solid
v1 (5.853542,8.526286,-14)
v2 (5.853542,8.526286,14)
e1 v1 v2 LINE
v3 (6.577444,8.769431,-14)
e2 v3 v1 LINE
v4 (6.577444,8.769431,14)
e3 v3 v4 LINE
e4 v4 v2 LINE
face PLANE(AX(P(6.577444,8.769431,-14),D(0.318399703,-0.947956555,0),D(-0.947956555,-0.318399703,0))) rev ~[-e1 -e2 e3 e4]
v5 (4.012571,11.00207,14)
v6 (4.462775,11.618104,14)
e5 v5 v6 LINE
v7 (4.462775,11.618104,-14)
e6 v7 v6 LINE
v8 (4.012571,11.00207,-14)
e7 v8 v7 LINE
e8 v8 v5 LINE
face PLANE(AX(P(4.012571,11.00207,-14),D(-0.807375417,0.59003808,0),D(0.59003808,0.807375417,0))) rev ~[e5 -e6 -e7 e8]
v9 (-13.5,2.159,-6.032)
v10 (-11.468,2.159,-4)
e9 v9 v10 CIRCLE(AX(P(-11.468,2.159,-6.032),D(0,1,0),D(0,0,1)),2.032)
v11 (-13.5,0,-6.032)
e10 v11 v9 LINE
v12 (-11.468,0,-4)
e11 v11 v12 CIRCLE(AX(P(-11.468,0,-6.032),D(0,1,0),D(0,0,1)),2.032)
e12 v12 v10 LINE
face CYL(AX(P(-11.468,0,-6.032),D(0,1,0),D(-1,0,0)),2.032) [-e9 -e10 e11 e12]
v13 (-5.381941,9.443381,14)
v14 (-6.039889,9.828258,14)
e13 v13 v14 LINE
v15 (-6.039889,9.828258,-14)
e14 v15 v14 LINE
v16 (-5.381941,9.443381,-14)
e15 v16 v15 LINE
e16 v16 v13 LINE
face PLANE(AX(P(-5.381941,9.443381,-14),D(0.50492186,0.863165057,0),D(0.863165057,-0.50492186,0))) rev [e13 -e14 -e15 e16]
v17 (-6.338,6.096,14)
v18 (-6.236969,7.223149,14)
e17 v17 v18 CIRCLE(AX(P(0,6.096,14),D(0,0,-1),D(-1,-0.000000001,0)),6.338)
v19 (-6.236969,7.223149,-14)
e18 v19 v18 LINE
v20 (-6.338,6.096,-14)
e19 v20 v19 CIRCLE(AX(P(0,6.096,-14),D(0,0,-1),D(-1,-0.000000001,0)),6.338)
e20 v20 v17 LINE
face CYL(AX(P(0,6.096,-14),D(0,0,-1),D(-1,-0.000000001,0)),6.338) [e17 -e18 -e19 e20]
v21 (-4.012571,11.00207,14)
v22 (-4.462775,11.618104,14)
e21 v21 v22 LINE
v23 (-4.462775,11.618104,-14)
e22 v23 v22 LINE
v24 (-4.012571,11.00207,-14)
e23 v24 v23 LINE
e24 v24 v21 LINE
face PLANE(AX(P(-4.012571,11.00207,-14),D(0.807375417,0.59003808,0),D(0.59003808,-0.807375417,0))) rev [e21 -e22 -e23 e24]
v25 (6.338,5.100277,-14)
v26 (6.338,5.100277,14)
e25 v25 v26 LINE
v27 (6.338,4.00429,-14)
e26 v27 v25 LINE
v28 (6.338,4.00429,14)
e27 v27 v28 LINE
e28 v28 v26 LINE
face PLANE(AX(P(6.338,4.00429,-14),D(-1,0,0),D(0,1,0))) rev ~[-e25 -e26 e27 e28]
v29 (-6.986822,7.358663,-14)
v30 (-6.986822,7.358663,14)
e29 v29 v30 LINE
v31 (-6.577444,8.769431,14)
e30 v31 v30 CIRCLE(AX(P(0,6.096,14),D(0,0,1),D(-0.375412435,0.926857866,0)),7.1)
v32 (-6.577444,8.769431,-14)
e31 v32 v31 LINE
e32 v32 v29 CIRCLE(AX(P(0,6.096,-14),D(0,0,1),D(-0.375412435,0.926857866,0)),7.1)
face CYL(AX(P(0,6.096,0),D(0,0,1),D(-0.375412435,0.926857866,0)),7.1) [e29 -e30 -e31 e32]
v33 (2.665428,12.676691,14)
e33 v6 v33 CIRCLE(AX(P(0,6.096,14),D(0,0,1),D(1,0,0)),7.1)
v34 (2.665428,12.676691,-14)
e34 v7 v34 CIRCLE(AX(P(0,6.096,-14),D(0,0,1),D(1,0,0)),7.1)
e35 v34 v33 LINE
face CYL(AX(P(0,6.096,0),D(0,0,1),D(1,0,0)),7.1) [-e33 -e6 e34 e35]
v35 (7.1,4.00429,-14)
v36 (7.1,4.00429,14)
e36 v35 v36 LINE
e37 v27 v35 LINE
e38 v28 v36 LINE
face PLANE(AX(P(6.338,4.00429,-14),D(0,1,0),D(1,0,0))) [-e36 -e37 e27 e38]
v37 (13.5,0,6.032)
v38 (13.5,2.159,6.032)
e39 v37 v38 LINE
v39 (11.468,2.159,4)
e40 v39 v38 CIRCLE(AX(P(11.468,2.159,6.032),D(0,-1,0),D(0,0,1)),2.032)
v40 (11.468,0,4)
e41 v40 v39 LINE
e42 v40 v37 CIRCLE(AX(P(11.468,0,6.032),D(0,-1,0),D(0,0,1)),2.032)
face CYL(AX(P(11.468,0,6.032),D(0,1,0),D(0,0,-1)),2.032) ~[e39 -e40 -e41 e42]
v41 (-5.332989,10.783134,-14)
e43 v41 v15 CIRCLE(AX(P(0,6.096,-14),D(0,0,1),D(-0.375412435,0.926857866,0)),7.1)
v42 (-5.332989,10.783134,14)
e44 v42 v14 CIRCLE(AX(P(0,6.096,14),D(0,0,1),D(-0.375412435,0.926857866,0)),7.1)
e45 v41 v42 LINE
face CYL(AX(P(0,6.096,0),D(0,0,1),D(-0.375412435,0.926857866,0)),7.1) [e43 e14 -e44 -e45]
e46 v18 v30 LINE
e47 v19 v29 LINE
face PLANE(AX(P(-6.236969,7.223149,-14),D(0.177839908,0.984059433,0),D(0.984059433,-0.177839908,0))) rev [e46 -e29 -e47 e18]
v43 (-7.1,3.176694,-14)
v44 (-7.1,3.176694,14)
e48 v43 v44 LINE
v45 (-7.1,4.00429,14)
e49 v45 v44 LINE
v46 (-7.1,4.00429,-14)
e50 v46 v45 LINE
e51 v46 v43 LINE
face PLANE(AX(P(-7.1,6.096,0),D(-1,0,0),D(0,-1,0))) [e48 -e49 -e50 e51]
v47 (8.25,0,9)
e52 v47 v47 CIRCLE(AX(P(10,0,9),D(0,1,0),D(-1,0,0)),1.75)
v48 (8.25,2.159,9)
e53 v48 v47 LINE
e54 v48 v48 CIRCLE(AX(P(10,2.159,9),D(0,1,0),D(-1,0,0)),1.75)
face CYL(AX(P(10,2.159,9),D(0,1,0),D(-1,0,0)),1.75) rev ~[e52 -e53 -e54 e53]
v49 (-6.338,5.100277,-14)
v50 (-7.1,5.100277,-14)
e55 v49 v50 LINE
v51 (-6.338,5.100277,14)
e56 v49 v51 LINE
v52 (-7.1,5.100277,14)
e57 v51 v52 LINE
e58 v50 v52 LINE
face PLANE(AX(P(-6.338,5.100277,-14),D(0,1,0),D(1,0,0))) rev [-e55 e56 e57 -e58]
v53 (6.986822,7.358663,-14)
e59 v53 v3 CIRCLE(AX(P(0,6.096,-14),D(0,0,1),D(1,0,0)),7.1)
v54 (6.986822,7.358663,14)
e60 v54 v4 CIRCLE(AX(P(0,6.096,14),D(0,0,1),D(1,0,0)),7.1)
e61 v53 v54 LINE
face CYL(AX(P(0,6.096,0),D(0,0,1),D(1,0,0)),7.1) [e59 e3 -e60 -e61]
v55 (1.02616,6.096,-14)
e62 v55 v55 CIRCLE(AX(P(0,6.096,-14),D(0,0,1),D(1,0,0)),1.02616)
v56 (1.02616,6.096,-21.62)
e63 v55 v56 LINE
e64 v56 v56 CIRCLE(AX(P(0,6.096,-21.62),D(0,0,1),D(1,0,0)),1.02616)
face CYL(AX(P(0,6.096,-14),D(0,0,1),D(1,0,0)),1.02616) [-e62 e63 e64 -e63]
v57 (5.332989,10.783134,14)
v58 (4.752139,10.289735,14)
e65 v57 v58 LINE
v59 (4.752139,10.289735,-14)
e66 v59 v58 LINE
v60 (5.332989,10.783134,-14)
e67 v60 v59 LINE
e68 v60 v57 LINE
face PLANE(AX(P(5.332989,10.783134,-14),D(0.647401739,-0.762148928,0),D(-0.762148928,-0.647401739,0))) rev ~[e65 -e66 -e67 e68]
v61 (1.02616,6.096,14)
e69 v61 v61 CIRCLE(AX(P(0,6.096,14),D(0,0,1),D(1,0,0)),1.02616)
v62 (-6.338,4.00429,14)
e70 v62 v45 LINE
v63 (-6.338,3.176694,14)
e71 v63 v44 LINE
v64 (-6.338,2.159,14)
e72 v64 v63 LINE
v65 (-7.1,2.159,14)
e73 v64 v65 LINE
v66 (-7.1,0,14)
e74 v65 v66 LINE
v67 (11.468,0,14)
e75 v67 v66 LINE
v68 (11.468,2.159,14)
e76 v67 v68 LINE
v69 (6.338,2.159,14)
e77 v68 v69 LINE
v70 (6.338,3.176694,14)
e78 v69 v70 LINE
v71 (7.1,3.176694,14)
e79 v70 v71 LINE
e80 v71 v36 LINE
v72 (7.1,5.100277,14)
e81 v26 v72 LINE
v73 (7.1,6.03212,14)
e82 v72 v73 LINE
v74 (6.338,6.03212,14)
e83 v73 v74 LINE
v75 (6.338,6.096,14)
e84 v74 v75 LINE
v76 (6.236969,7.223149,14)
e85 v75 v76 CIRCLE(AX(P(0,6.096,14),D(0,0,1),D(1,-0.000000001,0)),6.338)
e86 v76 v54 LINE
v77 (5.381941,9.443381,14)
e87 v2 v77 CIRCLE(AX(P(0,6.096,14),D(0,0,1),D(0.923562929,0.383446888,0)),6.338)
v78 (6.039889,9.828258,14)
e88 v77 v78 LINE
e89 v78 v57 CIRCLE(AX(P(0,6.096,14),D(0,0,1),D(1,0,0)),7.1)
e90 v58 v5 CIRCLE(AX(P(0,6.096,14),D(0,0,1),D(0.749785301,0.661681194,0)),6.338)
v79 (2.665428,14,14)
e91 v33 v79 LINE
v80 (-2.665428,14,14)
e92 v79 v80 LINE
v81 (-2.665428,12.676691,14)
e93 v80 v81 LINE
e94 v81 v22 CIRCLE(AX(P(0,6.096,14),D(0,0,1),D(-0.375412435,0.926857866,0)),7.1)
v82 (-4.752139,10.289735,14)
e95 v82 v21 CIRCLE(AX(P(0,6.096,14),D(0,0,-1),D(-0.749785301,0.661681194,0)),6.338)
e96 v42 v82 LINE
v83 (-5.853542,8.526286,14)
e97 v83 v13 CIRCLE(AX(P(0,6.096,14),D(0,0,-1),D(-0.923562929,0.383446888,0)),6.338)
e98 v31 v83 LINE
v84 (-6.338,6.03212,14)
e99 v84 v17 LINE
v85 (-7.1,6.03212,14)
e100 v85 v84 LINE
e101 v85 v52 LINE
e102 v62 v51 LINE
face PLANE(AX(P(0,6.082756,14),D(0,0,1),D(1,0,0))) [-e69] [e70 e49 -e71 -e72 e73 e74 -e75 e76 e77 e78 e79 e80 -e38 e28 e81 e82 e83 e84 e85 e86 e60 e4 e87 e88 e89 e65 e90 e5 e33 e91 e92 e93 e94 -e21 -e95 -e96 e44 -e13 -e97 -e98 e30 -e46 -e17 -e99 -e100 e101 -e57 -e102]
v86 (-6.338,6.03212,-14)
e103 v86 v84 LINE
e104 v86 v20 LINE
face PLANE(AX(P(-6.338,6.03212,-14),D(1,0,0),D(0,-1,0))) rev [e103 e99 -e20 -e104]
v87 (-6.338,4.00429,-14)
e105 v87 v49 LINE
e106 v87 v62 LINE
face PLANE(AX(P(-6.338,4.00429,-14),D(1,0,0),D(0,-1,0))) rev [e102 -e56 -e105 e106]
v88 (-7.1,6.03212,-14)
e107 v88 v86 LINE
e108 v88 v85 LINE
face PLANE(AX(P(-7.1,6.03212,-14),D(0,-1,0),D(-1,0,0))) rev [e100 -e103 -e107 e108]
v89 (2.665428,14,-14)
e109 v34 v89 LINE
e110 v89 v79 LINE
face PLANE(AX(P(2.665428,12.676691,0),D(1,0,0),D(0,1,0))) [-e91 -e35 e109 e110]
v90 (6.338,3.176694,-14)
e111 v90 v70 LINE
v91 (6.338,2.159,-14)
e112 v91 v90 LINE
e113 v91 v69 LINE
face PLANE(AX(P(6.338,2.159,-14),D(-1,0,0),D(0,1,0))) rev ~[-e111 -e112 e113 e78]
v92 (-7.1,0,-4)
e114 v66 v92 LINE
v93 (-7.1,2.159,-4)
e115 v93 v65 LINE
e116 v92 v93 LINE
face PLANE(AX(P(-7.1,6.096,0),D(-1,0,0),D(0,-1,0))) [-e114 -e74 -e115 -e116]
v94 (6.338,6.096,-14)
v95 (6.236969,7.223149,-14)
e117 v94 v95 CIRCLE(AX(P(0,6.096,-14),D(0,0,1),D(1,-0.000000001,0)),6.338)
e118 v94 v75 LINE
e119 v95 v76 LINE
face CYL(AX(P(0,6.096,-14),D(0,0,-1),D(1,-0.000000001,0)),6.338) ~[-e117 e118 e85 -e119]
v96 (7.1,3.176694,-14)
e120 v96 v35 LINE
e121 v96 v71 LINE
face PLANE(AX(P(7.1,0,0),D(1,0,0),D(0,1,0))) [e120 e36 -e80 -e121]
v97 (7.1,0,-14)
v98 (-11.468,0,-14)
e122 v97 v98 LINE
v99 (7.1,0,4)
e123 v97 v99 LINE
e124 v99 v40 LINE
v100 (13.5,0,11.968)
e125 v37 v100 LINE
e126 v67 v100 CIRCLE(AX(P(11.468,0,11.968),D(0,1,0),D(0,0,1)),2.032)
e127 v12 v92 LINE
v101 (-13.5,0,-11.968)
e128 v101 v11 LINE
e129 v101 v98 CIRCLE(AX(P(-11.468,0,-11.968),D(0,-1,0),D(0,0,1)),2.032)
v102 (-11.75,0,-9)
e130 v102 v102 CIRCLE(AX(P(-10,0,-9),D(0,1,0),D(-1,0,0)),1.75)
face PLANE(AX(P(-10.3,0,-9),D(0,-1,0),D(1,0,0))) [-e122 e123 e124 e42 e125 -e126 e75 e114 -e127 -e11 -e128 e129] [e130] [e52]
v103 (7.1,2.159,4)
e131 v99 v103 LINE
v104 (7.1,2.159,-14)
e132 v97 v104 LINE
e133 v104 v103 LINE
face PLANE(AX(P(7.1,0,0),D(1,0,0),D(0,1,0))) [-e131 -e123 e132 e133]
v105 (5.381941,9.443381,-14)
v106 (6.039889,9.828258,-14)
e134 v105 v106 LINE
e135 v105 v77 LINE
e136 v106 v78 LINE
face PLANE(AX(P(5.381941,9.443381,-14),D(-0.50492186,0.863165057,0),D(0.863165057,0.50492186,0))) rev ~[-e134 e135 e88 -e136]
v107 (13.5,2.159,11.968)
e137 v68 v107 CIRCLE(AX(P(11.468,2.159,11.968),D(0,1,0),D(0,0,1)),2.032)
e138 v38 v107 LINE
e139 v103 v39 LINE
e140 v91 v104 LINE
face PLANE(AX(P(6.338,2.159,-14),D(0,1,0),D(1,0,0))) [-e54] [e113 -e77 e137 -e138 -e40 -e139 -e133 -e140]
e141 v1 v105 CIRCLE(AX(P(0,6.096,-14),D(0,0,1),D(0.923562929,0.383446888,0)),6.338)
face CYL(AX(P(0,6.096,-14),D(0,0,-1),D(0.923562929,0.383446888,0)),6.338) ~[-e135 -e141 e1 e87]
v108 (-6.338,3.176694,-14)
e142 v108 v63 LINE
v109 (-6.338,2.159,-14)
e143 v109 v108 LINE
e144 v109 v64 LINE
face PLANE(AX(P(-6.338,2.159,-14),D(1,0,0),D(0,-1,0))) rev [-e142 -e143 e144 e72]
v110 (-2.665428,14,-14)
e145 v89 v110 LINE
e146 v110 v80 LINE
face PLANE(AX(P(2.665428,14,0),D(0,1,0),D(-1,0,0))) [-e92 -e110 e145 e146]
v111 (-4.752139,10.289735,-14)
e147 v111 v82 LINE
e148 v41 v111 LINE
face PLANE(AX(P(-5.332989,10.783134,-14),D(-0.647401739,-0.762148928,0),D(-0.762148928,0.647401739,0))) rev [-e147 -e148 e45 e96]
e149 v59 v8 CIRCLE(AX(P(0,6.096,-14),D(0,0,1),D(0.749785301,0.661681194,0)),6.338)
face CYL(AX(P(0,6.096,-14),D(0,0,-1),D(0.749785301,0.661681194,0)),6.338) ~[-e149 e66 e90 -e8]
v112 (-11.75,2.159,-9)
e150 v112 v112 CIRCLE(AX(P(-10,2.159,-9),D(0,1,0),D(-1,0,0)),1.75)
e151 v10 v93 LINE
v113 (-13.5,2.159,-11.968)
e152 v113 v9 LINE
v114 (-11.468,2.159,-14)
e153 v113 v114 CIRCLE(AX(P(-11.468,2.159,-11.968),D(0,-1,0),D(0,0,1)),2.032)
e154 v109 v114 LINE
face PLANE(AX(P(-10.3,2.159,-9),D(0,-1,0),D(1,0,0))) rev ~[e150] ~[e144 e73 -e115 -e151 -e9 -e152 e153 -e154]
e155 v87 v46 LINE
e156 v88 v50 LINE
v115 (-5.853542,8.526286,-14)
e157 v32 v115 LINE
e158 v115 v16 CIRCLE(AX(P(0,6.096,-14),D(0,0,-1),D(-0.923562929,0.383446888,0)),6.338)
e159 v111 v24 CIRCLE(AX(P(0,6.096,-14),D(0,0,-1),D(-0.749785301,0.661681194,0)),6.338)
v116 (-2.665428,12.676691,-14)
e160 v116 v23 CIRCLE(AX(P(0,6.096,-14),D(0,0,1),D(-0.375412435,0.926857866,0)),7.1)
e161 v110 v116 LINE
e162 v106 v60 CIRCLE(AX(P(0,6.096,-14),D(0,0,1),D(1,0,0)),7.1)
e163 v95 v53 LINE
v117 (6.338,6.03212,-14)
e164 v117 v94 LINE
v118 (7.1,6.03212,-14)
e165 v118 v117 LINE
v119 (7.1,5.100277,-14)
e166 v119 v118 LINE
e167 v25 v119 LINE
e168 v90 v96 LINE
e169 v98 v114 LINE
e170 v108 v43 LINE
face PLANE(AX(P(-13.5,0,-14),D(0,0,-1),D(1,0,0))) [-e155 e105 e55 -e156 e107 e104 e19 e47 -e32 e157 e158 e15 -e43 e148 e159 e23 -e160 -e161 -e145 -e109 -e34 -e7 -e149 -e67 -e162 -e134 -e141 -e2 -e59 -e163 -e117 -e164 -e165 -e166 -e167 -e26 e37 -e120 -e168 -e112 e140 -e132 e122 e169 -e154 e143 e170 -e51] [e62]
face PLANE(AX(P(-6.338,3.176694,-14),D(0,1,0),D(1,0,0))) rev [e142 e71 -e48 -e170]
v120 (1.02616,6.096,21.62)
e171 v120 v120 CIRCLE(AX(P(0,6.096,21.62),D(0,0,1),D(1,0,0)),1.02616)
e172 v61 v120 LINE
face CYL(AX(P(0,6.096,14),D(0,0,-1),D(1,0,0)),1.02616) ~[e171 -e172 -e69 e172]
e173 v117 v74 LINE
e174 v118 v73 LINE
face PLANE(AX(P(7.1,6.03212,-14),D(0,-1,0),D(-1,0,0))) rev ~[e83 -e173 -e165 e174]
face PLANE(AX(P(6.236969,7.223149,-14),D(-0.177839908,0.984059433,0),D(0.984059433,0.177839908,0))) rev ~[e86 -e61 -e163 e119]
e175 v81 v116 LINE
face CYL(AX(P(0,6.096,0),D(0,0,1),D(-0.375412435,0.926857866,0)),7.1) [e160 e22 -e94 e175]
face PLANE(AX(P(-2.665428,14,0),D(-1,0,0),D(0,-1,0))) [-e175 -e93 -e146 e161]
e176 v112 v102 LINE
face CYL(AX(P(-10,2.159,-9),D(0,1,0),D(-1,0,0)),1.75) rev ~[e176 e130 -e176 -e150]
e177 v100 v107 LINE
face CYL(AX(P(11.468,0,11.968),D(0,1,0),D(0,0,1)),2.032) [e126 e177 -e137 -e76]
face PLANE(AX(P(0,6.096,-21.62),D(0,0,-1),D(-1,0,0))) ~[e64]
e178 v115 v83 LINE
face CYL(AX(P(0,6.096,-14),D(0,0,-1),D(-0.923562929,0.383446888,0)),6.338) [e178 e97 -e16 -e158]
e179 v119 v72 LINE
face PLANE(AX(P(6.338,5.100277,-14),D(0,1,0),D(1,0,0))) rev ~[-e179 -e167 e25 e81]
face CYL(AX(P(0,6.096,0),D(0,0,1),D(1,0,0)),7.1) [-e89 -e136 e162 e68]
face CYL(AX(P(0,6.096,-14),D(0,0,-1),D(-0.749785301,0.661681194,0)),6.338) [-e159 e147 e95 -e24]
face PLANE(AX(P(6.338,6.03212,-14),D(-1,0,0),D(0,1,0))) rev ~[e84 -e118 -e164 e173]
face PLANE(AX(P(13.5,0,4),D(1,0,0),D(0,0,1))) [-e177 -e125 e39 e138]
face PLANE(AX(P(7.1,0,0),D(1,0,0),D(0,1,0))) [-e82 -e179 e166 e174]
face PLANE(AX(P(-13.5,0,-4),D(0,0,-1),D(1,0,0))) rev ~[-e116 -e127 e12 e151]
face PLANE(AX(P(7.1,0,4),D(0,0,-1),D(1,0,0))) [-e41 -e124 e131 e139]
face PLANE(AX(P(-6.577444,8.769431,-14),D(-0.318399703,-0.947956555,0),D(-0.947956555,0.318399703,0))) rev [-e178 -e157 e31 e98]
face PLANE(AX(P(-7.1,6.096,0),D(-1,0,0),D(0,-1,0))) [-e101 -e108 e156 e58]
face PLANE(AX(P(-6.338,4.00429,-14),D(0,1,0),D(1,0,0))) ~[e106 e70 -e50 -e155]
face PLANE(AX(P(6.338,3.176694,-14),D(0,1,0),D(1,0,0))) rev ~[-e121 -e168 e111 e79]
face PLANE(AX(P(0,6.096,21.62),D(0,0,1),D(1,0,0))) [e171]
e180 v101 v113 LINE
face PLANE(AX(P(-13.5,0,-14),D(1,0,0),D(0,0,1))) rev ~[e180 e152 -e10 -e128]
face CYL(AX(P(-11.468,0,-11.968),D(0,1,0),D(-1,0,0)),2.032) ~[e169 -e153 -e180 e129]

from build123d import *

# Parameters (mm, degrees)
EXTRUDE1_DEPTH     = 14
SKETCH4_W          = 6.4
SKETCH4_H          = 10
EXTRUDE8_DEPTH     = 2.159
FILLET1_R          = 2.032
CUT_EXTRUDE1_START = -28
SKETCH3_W          = 0.762
SKETCH3_H          = 1.095986398
SKETCH3_H_2        = 1.017694432
CUT_EXTRUDE1_DEPTH = 28
SKETCH5_R          = 1.75
CUT_EXTRUDE2_DEPTH = 3.159
SKETCH6_R          = 1.02616
EXTRUDE9_DEPTH     = 7.62


with BuildPart() as part:
    # Sketch2 → Extrude1 (new body, symmetric)
    with BuildSketch(Plane.XY):
        with BuildLine():
            Line((-7.1, 0), (7.1, 0))
            Line((7.1, 0), (7.1, 6.096))
            ThreePointArc((7.1, 6.096), (5.887891848, 10.063710875), (2.665428286, 12.676690849))
            Line((2.665428286, 12.676690849), (2.665428286, 14))
            Line((2.665428286, 14), (-2.665428286, 14))
            Line((-2.665428286, 14), (-2.665428286, 12.676690849))
            ThreePointArc((-2.665428286, 12.676690849), (-5.887891848, 10.063710875), (-7.1, 6.096))
            Line((-7.1, 6.096), (-7.1, 0))
        make_face()
    extrude(amount=EXTRUDE1_DEPTH, both=True)

    # Sketch4 → Extrude8 (add)
    with BuildSketch(Plane.XZ):
        with Locations((-10.3, -9)):
            Rectangle(SKETCH4_W, SKETCH4_H)
        with Locations((10.3, 9)):
            Rectangle(SKETCH4_W, SKETCH4_H)
    extrude(amount=-EXTRUDE8_DEPTH)

    # Fillet1
    fillet1_edges = [part.edges().sort_by_distance(p)[0] for p in [
        (-13.5, 1.0795, -14),
        (-13.5, 1.0795, -4),
        (13.5, 1.0795, 14),
        (13.5, 1.0795, 4),
    ]]
    fillet(fillet1_edges, radius=FILLET1_R)

    # Sketch3 → Cut-Extrude1 (cut)
    with BuildSketch(Plane.XY.offset(14).offset(CUT_EXTRUDE1_START)):
        with Locations((6.719, 4.552283628)):
            Rectangle(SKETCH3_W, SKETCH3_H)
        with BuildLine():
            Line((6.236968685, 7.223149334), (6.986821973, 7.358663344))
            ThreePointArc((6.986821973, 7.358663344), (7.071648889, 6.729862758), (7.1, 6.096))
            Line((7.1, 6.096), (7.1, 6.032119719))
            Line((7.1, 6.032119719), (6.338, 6.032119719))
            Line((6.338, 6.032119719), (6.338, 6.096))
            ThreePointArc((6.338, 6.096), (6.312691642, 6.661834107), (6.236968685, 7.223149334))
        make_face()
        with Locations((6.719, 2.667847216)):
            Rectangle(SKETCH3_W, SKETCH3_H_2)
        with BuildLine():
            Line((4.012570752, 11.002069706), (4.462775162, 11.618104477))
            ThreePointArc((4.462775162, 11.618104477), (4.915642764, 11.219129534), (5.332989208, 10.783134104))
            Line((5.332989208, 10.783134104), (4.752139233, 10.289735412))
            ThreePointArc((4.752139233, 10.289735412), (4.396804558, 10.660904564), (4.012570752, 11.002069706))
        make_face()
        with BuildLine():
            Line((5.381940738, 9.443380752), (6.039888527, 9.828257571))
            ThreePointArc((6.039888527, 9.828257571), (6.330841034, 9.310102022), (6.577443928, 8.769430636))
            Line((6.577443928, 8.769430636), (5.85354185, 8.526286364))
            ThreePointArc((5.85354185, 8.526286364), (5.636424644, 8.994441172), (5.381940738, 9.443380752))
        make_face()
    cut_extrude1 = extrude(amount=CUT_EXTRUDE1_DEPTH, mode=Mode.SUBTRACT)

    # Mirror2: Cut-Extrude1 across plane
    add(cut_extrude1.mirror(Plane(origin=(0, 0, 0), x_dir=(0, 0, 1), z_dir=(1, 0, 0))), mode=Mode.SUBTRACT)

    # Sketch5 → Cut-Extrude2 (cut, through all)
    with BuildSketch(Plane(origin=(0, 2.159, 0), x_dir=(-1, 0, 0), z_dir=(0, 1, 0))):
        with Locations((-10, 9)):
            Circle(SKETCH5_R)
        with Locations((10, -9)):
            Circle(SKETCH5_R)
    extrude(amount=-CUT_EXTRUDE2_DEPTH, mode=Mode.SUBTRACT)

    # Sketch6 → Extrude9 (add)
    with BuildSketch(Plane.XY.offset(14)):
        with Locations((0, 6.096)):
            Circle(SKETCH6_R)
    extrude9 = extrude(amount=EXTRUDE9_DEPTH)

    # Mirror3: Extrude9 across plane
    add(extrude9.mirror(Plane.XY))


solid = part.part
